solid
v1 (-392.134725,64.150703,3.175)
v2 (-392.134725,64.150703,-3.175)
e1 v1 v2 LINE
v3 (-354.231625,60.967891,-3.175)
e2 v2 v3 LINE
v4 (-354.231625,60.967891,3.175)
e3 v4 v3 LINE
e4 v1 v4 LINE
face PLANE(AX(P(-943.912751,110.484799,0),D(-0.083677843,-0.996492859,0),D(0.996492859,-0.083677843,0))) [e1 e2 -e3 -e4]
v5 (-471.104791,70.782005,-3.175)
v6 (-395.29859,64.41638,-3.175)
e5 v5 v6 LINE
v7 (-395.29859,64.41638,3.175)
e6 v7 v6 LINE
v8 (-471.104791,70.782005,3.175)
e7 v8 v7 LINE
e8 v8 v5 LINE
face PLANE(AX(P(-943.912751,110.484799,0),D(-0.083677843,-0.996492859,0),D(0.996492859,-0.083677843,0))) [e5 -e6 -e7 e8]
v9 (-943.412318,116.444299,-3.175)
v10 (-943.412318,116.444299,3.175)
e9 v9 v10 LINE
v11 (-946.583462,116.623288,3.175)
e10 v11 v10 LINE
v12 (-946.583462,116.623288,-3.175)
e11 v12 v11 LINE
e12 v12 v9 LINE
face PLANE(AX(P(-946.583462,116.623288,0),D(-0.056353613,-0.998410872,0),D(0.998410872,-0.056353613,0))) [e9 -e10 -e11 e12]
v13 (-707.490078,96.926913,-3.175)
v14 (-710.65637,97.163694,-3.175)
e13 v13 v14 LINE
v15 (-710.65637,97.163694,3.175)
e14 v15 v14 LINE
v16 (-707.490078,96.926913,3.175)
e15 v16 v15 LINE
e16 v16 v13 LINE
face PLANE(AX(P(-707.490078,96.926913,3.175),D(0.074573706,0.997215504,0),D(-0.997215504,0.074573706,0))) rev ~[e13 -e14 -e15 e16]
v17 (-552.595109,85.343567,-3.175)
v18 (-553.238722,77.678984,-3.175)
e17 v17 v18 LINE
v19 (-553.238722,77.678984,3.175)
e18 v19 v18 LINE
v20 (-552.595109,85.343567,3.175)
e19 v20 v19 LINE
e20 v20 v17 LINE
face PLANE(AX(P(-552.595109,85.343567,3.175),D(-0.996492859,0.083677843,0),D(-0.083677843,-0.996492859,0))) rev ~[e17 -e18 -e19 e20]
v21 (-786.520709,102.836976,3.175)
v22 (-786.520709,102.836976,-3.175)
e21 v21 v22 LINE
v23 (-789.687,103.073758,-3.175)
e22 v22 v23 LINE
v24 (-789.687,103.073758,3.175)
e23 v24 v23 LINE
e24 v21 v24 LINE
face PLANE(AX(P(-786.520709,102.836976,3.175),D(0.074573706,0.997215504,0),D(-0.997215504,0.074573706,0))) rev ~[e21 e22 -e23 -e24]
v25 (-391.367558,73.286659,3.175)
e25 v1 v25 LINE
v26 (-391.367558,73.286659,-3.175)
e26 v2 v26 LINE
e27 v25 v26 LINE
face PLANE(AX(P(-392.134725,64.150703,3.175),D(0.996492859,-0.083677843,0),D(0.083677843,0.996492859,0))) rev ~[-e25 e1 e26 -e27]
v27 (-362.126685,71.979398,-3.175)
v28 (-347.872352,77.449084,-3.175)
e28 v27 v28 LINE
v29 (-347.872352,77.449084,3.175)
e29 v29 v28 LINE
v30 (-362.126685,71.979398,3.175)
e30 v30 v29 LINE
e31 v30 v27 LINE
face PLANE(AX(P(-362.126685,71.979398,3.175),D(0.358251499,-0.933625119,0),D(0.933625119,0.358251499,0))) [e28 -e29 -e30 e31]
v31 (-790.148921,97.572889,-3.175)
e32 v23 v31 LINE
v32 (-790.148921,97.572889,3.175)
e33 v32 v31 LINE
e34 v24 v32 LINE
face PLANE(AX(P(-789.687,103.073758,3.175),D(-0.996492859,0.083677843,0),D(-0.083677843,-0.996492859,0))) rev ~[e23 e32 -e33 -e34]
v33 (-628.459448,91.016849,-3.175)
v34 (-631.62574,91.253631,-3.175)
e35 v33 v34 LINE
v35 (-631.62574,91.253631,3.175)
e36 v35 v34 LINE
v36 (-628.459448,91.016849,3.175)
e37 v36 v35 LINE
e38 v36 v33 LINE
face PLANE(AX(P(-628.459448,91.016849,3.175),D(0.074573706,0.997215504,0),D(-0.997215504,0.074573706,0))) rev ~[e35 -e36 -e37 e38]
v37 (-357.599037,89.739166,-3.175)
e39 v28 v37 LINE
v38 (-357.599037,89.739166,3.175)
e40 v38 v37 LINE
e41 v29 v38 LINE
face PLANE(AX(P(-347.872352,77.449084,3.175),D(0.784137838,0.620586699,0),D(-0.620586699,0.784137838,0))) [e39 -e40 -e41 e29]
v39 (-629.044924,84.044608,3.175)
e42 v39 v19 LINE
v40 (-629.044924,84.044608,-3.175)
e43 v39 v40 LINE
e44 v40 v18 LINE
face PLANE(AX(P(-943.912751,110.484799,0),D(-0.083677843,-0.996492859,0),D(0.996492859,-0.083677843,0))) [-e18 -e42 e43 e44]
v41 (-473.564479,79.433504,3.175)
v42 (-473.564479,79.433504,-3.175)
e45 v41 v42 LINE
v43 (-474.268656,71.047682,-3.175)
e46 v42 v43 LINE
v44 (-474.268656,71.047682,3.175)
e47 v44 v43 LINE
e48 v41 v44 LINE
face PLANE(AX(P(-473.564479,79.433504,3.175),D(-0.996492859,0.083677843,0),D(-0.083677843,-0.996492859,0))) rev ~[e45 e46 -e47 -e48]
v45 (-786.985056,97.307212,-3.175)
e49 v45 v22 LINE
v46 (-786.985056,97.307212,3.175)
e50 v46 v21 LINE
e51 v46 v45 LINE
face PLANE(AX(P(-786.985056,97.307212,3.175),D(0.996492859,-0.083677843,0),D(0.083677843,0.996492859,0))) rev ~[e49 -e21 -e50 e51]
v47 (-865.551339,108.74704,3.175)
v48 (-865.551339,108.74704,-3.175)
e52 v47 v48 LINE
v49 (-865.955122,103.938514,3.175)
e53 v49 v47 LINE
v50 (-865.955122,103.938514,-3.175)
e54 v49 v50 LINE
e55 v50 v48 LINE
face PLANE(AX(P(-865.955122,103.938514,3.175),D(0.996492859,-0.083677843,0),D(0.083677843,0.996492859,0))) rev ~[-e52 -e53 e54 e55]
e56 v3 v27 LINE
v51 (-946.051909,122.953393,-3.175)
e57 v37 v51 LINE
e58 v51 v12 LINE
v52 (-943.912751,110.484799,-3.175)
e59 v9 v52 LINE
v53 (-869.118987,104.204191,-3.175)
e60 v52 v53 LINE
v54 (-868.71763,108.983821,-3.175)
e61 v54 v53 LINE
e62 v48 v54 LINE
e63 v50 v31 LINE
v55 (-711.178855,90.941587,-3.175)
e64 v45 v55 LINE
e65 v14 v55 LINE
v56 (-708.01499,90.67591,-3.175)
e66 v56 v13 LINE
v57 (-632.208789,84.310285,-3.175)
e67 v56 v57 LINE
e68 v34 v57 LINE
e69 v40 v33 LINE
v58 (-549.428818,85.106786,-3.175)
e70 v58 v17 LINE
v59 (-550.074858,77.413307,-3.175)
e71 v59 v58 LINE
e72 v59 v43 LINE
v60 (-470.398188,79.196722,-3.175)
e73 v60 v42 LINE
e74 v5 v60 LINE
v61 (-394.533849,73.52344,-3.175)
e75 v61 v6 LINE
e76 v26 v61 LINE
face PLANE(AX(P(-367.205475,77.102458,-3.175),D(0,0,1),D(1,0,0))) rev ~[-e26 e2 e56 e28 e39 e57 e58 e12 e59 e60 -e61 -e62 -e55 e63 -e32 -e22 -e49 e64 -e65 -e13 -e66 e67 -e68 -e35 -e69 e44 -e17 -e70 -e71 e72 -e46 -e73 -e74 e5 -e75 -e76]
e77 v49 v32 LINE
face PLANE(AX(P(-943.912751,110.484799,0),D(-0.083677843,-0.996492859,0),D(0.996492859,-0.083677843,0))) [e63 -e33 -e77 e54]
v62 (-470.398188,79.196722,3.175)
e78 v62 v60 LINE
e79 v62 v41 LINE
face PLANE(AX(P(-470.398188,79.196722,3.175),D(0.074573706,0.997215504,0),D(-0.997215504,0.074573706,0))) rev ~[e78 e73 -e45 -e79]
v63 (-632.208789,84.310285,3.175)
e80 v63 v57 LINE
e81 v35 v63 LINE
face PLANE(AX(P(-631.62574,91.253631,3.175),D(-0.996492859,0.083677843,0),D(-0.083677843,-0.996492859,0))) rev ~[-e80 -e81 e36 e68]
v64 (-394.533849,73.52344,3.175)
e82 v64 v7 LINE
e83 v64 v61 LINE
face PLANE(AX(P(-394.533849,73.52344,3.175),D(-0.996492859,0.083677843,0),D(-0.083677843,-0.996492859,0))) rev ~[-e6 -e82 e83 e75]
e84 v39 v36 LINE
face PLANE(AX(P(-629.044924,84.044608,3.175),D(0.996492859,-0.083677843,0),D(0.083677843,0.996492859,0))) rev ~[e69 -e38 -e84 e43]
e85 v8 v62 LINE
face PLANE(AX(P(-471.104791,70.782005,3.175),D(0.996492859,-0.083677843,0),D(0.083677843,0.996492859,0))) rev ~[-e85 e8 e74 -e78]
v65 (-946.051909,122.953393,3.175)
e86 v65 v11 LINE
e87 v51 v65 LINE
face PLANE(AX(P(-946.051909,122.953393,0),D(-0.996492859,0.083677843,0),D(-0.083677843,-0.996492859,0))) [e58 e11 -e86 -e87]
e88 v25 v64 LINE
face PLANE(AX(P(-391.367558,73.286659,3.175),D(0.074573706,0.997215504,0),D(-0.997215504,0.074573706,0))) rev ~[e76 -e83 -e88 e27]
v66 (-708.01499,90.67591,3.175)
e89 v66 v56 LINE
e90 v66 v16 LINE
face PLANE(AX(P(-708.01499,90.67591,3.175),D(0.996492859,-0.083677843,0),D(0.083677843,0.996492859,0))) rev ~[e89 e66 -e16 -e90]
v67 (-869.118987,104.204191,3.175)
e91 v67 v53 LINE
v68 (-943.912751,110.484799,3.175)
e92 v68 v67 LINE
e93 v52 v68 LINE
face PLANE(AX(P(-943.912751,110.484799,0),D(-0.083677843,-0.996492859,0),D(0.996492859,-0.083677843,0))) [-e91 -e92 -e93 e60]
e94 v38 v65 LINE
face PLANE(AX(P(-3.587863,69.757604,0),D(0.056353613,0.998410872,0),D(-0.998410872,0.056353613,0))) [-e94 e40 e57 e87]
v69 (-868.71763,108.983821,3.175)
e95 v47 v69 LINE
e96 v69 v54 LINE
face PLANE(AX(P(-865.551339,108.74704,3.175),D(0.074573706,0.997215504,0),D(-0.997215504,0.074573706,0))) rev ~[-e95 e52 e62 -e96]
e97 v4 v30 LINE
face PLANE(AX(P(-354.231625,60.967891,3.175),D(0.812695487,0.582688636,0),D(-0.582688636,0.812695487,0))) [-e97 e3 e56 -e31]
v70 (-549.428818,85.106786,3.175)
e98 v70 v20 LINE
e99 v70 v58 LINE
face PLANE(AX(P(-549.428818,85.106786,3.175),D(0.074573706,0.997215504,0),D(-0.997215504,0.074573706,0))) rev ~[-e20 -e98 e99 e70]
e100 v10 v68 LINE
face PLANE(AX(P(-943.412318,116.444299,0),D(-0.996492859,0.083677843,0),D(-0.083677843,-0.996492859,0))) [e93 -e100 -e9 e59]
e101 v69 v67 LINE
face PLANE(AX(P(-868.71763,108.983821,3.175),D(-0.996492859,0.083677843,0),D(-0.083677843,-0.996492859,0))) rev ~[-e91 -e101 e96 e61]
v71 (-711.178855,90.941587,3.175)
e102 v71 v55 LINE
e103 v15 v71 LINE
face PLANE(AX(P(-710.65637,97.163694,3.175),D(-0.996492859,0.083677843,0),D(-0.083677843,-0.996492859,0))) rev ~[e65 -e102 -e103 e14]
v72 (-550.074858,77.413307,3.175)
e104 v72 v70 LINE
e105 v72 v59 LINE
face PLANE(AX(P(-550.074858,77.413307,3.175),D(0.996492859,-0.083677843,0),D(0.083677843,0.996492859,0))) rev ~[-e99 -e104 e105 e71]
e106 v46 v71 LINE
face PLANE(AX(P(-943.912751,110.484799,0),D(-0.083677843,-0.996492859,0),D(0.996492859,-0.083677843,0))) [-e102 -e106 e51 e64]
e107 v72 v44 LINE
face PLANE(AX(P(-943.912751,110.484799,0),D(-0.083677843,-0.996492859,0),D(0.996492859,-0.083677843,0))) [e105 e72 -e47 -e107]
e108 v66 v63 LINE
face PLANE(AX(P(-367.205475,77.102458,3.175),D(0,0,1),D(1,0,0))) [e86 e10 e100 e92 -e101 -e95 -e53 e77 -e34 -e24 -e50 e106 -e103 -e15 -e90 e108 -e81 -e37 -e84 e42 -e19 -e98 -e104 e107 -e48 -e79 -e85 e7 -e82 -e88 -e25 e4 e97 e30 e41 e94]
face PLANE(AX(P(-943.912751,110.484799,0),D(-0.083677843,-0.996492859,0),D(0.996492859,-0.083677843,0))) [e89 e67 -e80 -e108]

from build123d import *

# Parameters (mm, degrees)
BOSS_EXTRUDE1_DEPTH = 3.175
CUT_EXTRUDE1_DEPTH  = 7.35
CUT_EXTRUDE2_DEPTH  = 7.62


with BuildPart() as part:
    # Sketch1 → Boss-Extrude1 (new body, symmetric)
    with BuildSketch(Plane.XY):
        Polygon((76.2, 37.697541537), (76.2, 56.747541537), (79.375, 56.747541537), (79.375, 37.697541537), (92.075, 37.697541537), (92.075, 46.587541537), (95.25, 46.587541537), (95.25, 37.697541537), (136.525, 37.697541537), (136.525, 46.587541537), (139.7, 46.587541537), (139.7, 37.697541537), (152.4, 37.697541537), (152.4, 69.447541537), (0, 69.447541537), (-0.423998633, 69.491926731), (-3.587863461, 69.757603883), (-946.051908629, 122.953392794), (-946.583462345, 116.623288424), (-943.412318182, 116.444298555), (-943.91275138, 110.48479854), (-6.775989292, 31.791225946), (-5.713280681, 44.446685258), (-2.549415853, 44.181008106), (-3.612124464, 31.525548794), (-1.492292584, 31.347541537), (0, 31.347541537), (0, 44.047541537), (3.175, 44.047541537), (3.175, 31.347541537), (15.875, 31.347541537), (15.875, 36.427541537), (19.05, 36.427541537), (19.05, 31.347541537), (25.4, 31.347541537), (69.85, 37.697541537), align=None)
    extrude(amount=BOSS_EXTRUDE1_DEPTH, both=True)

    # Sketch2 → Cut-Extrude1 (cut, through all)
    with BuildSketch(Plane.XY.offset(3.175)):
        Polygon((-76.254460917, 37.625496217), (-75.245037036, 49.646404609), (-78.411328309, 49.883186), (-79.418325745, 37.891173369), align=None)
        Polygon((-155.224527027, 44.256797945), (-154.27566721, 55.556468134), (-157.441958483, 55.793249525), (-158.388391855, 44.522475098), align=None)
        Polygon((-234.194593137, 50.888099674), (-233.306297384, 61.466531659), (-236.472588657, 61.70331305), (-237.358457965, 51.153776826), align=None)
        Polygon((-313.164659247, 57.519401402), (-312.336927558, 67.376595183), (-315.503218831, 67.613376574), (-316.328524075, 57.785078555), align=None)
        Polygon((-392.134725356, 64.15070313), (-391.367557732, 73.286658708), (-394.533849005, 73.523440099), (-395.298590185, 64.416380283), align=None)
        Polygon((-471.104791466, 70.782004859), (-470.398187906, 79.196722233), (-473.564479179, 79.433503624), (-474.268656294, 71.047682011), align=None)
        Polygon((-550.074857576, 77.413306587), (-549.42881808, 85.106785757), (-552.595109353, 85.343567149), (-553.238722404, 77.67898374), align=None)
        Polygon((-629.044923686, 84.044608316), (-628.459448254, 91.016849282), (-631.625739527, 91.253630673), (-632.208788514, 84.310285468), align=None)
        Polygon((-708.014989796, 90.675910044), (-707.490078428, 96.926912807), (-710.656369701, 97.163694198), (-711.178854624, 90.941587197), align=None)
        Polygon((-786.985055905, 97.307211772), (-786.520708602, 102.836976331), (-789.686999875, 103.073757723), (-790.148920734, 97.572888925), align=None)
        Polygon((-865.955122015, 103.938513501), (-865.551338776, 108.747039856), (-868.717630049, 108.983821247), (-869.118986843, 104.204190653), align=None)
    extrude(amount=-CUT_EXTRUDE1_DEPTH, mode=Mode.SUBTRACT)

    # Sketch3 → Cut-Extrude2 (cut)
    with BuildSketch(Plane.XY.offset(3.175)):
        Polygon((-354.231624716, 60.967890842), (-362.126685184, 71.979397876), (-347.872352174, 77.449083798), (-357.599036746, 89.739165772), (194.218411841, 89.739165772), (127.81181163, -85.755982461), align=None)
    extrude(amount=-CUT_EXTRUDE2_DEPTH, mode=Mode.SUBTRACT)


solid = part.part
